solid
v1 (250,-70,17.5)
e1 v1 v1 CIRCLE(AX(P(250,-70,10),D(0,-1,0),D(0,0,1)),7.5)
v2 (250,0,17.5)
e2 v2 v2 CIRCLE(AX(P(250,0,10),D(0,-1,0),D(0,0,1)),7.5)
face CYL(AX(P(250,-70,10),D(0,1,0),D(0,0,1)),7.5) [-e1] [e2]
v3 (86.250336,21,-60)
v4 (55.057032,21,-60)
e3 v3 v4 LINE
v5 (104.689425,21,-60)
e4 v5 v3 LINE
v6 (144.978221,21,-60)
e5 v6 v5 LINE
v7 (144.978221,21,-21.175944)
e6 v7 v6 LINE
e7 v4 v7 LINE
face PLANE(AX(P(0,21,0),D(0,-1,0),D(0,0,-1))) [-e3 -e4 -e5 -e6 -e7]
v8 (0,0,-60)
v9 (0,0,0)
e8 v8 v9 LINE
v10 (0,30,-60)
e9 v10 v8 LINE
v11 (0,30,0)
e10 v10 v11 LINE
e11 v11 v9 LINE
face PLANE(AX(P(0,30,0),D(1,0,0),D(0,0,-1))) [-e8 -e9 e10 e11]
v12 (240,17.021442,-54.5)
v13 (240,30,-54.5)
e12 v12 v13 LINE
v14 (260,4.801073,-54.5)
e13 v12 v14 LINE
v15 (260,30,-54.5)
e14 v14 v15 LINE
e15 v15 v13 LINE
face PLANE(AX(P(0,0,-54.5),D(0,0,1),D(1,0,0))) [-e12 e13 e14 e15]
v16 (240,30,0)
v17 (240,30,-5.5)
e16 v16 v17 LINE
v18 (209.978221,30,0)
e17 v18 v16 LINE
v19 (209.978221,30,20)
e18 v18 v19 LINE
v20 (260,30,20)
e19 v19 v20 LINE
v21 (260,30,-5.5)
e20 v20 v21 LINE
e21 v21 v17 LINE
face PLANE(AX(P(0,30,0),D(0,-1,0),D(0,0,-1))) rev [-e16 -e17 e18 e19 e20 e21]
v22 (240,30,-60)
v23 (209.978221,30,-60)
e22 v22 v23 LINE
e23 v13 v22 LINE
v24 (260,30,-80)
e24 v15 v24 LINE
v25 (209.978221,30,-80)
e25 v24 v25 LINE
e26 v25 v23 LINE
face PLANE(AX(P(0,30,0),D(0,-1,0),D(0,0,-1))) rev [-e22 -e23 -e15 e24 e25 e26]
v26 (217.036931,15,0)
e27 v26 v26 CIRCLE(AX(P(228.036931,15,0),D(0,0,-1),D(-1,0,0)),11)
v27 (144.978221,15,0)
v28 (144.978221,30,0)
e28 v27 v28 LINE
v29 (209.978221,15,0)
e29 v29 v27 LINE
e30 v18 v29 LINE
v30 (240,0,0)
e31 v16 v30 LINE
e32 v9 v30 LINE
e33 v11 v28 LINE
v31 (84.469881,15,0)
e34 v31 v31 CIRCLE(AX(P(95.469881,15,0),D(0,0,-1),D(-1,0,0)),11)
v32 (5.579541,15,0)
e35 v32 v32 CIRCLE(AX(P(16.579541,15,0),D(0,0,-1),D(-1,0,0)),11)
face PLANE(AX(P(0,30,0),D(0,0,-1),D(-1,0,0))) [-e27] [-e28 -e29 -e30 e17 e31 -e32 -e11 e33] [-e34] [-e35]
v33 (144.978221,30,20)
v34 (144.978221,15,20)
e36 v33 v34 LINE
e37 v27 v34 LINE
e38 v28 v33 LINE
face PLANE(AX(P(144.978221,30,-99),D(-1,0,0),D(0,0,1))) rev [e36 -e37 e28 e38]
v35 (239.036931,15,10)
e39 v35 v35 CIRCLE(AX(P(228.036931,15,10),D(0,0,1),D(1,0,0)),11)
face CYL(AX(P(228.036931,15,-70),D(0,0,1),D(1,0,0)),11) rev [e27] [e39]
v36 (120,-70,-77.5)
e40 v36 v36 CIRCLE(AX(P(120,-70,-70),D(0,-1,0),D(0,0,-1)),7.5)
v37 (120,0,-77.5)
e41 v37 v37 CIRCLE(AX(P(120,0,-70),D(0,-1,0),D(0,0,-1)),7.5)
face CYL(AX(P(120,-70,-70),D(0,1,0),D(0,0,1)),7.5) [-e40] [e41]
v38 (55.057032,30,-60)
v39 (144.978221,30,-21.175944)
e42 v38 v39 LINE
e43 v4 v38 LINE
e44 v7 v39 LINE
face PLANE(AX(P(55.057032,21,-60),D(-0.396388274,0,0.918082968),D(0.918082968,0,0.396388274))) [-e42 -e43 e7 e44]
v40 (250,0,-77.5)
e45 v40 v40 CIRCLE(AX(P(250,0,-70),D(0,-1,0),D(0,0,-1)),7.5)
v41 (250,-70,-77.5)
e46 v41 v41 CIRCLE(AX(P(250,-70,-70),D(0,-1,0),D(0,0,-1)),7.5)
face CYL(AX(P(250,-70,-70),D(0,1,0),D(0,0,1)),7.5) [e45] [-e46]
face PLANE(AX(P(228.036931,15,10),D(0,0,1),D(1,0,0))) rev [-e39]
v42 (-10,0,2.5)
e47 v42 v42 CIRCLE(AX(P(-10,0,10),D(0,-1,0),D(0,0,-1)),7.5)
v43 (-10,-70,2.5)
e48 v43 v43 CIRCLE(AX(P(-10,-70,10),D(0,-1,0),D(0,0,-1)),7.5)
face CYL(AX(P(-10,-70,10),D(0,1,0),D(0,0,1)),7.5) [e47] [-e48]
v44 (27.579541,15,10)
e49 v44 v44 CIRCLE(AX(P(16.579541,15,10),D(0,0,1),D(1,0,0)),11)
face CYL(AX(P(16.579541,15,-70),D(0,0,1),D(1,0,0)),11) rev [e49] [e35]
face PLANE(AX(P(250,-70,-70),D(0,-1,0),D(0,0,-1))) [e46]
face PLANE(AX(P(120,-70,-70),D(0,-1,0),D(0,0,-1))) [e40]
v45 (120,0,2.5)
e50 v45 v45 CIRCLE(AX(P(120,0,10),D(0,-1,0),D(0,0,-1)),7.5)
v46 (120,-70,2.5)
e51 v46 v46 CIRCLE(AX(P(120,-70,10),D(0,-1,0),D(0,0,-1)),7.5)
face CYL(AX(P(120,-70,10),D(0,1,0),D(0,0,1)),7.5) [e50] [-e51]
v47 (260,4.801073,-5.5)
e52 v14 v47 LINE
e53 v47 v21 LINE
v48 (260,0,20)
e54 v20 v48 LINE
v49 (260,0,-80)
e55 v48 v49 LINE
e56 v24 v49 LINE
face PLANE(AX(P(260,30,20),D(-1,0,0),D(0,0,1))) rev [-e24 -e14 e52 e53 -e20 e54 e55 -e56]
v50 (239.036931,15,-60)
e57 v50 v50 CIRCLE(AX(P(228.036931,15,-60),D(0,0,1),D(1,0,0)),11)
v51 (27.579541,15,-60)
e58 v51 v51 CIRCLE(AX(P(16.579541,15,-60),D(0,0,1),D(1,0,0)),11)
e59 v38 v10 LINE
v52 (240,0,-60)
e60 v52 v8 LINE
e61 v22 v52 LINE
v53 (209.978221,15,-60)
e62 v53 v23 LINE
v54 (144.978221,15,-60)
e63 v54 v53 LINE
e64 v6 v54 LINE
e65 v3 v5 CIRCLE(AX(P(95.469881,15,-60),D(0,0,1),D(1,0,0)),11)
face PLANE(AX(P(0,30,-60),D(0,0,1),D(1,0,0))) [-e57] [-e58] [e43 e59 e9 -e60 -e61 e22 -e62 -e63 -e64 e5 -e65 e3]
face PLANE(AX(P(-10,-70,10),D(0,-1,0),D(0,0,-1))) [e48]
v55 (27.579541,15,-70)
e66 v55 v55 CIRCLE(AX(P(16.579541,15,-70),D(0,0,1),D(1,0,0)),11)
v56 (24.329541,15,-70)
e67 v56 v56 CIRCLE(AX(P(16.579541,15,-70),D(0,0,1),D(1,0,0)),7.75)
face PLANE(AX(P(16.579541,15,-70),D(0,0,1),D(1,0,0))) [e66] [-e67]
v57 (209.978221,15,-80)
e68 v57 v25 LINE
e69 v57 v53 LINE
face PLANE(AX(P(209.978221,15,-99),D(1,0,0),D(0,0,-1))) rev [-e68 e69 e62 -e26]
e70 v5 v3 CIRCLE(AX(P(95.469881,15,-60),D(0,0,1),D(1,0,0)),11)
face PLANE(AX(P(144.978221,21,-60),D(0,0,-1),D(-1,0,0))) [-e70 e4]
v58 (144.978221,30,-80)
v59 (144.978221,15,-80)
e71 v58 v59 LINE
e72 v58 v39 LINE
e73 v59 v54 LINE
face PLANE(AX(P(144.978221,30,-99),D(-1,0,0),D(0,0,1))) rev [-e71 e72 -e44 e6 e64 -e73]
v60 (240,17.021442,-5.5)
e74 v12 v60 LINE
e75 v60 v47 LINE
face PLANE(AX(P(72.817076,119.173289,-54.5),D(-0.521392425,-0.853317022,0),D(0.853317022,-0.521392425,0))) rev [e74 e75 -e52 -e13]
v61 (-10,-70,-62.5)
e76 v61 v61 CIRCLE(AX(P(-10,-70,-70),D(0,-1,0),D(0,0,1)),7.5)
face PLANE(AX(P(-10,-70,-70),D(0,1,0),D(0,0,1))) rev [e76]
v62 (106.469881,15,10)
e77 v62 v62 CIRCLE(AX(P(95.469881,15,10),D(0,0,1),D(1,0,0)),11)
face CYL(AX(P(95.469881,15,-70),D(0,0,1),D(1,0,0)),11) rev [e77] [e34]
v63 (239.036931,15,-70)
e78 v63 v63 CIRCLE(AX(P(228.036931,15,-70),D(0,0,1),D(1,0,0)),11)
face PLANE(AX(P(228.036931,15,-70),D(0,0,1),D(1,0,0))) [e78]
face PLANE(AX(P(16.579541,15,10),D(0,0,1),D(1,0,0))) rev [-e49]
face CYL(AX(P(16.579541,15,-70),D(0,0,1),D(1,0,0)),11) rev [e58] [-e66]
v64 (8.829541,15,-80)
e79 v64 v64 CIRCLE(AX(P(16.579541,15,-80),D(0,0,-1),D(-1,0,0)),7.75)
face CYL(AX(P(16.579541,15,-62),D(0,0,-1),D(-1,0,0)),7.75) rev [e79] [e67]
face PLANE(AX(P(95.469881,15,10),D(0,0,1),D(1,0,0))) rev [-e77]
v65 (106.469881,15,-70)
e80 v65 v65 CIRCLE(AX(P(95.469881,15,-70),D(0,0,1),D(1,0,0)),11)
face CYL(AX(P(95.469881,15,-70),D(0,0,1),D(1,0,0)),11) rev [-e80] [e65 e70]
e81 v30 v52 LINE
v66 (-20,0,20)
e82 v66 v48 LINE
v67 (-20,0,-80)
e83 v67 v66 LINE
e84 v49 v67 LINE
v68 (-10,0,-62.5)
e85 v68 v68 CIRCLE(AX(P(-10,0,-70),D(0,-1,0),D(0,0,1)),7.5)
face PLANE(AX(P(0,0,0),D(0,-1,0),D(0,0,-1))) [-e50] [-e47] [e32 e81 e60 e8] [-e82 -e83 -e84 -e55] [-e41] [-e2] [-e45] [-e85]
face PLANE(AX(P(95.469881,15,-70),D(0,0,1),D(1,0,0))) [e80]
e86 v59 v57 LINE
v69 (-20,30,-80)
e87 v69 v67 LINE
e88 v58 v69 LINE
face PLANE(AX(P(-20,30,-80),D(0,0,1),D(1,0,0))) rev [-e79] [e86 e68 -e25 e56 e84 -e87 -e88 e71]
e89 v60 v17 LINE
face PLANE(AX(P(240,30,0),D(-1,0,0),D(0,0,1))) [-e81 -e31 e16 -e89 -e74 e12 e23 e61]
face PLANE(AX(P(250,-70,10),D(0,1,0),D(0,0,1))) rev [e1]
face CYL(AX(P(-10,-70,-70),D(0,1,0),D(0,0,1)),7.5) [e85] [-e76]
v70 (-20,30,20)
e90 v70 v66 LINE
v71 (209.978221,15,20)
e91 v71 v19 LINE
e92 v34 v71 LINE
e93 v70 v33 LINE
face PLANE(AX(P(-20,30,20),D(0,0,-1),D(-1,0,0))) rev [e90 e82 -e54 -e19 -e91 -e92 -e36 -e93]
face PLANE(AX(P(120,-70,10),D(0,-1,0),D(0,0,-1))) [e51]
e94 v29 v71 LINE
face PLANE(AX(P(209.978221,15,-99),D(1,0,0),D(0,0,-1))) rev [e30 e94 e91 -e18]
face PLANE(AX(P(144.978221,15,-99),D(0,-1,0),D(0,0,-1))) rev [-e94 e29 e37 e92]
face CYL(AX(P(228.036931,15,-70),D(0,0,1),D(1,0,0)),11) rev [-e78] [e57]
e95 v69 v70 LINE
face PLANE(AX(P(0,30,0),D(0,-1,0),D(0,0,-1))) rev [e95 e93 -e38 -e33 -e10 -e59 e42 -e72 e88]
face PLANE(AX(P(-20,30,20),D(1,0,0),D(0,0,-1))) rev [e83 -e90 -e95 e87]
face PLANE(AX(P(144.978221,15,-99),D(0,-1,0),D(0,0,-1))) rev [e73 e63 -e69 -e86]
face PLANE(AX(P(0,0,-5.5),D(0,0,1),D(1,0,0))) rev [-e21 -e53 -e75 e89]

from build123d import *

# Parameters (mm, degrees)
IZIM1_W                          = 280
IZIM1_H                          = 100
IZIM1_W_2                        = 240
IZIM1_H_2                        = 60
Y_KSEKLIK_EKSTR_ZYON1_DEPTH      = 30
IZIM2_R                          = 7.5
Y_KSEKLIK_EKSTR_ZYON2_DEPTH      = 70
IZIM4_R                          = 11
KES_EKSTR_ZYON1_DEPTH            = 40
IZIM5_W                          = 65
IZIM5_H                          = 15
KES_EKSTR_ZYON2_DEPTH            = 119
KES_EKSTR_ZYON3_DEPTH            = 24.5
Y_KSEKLIK_EKSTR_ZYON4_DEPTH      = 8
Y_KSEKLIK_EKSTR_ZYON4_DEPTH_BACK = 1
IZIM13_R                         = 7.75
KES_EKSTR_ZYON4_DEPTH            = 18


with BuildPart() as part:
    # Çizim1 → Yükseklik-Ekstrüzyon1 (new body)
    with BuildSketch(Plane(origin=(0, 0, 0), x_dir=(1, 0, 0), z_dir=(0, 1, 0))):
        with Locations((120, 30)):
            Rectangle(IZIM1_W, IZIM1_H)
        with Locations((120, 30)):
            Rectangle(IZIM1_W_2, IZIM1_H_2, mode=Mode.SUBTRACT)
    extrude(amount=Y_KSEKLIK_EKSTR_ZYON1_DEPTH)

    # Çizim2 → Yükseklik-Ekstrüzyon2 (add)
    with BuildSketch(Plane(origin=(0, 0, 0), x_dir=(-1, 0, 0), z_dir=(0, -1, 0))):
        with Locations(Location((10, -10, 0), (0, 0, 90))):
            Circle(IZIM2_R)
        with Locations(Location((-250, -10, 0), (0, 0, 270))):
            Circle(IZIM2_R)
        with Locations(Location((10, 70, 0), (0, 0, 270))):
            Circle(IZIM2_R)
        with Locations(Location((-250, 70, 0), (0, 0, 90))):
            Circle(IZIM2_R)
        with Locations(Location((-120, -10, 0), (0, 0, 90))):
            Circle(IZIM2_R)
        with Locations(Location((-120, 70, 0), (0, 0, 90))):
            Circle(IZIM2_R)
    extrude(amount=Y_KSEKLIK_EKSTR_ZYON2_DEPTH)

    # Çizim4 → Kes-Ekstrüzyon1 (cut, symmetric)
    with BuildSketch(Plane.XY.offset(-30)):
        with Locations((228.036930768, 15)):
            Circle(IZIM4_R)
        with Locations((16.579541137, 15)):
            Circle(IZIM4_R)
        with Locations((95.469880506, 15)):
            Circle(IZIM4_R)
    extrude(amount=KES_EKSTR_ZYON1_DEPTH, both=True, mode=Mode.SUBTRACT)

    # Çizim5 → Kes-Ekstrüzyon2 (cut)
    with BuildSketch(Plane.XY.offset(20)):
        with Locations((177.478221097, 22.5)):
            Rectangle(IZIM5_W, IZIM5_H)
    extrude(amount=-KES_EKSTR_ZYON2_DEPTH, mode=Mode.SUBTRACT)

    # Çizim6 → Kes-Ekstrüzyon3 (cut, symmetric)
    with BuildSketch(Plane.XY.offset(-30)):
        Polygon((260, 31.552276972), (234.133246527, 31.552276972), (234.359911555, 20.467639669), (260, 4.801073138), align=None)
    extrude(amount=KES_EKSTR_ZYON3_DEPTH, both=True, mode=Mode.SUBTRACT)

    # Çizim10 → Yükseklik-Ekstrüzyon4 (add, two sides: drawn at the far end of the back side and taken through both)
    with BuildSketch(Plane(origin=(0, 22, 0), x_dir=(1, 0, 0), z_dir=(0, 1, 0)).offset(-Y_KSEKLIK_EKSTR_ZYON4_DEPTH_BACK)):
        Polygon((55.057032044, 60), (144.978221097, 21.175943648), (144.978221097, 60), align=None)
    extrude(amount=Y_KSEKLIK_EKSTR_ZYON4_DEPTH + Y_KSEKLIK_EKSTR_ZYON4_DEPTH_BACK)

    # Çizim13 → Kes-Ekstrüzyon4 (cut)
    with BuildSketch(Plane(origin=(0, 0, -80), x_dir=(-1, 0, 0), z_dir=(0, 0, -1))):
        with Locations((-16.579541137, 15)):
            Circle(IZIM13_R)
    extrude(amount=-KES_EKSTR_ZYON4_DEPTH, mode=Mode.SUBTRACT)


solid = part.part
